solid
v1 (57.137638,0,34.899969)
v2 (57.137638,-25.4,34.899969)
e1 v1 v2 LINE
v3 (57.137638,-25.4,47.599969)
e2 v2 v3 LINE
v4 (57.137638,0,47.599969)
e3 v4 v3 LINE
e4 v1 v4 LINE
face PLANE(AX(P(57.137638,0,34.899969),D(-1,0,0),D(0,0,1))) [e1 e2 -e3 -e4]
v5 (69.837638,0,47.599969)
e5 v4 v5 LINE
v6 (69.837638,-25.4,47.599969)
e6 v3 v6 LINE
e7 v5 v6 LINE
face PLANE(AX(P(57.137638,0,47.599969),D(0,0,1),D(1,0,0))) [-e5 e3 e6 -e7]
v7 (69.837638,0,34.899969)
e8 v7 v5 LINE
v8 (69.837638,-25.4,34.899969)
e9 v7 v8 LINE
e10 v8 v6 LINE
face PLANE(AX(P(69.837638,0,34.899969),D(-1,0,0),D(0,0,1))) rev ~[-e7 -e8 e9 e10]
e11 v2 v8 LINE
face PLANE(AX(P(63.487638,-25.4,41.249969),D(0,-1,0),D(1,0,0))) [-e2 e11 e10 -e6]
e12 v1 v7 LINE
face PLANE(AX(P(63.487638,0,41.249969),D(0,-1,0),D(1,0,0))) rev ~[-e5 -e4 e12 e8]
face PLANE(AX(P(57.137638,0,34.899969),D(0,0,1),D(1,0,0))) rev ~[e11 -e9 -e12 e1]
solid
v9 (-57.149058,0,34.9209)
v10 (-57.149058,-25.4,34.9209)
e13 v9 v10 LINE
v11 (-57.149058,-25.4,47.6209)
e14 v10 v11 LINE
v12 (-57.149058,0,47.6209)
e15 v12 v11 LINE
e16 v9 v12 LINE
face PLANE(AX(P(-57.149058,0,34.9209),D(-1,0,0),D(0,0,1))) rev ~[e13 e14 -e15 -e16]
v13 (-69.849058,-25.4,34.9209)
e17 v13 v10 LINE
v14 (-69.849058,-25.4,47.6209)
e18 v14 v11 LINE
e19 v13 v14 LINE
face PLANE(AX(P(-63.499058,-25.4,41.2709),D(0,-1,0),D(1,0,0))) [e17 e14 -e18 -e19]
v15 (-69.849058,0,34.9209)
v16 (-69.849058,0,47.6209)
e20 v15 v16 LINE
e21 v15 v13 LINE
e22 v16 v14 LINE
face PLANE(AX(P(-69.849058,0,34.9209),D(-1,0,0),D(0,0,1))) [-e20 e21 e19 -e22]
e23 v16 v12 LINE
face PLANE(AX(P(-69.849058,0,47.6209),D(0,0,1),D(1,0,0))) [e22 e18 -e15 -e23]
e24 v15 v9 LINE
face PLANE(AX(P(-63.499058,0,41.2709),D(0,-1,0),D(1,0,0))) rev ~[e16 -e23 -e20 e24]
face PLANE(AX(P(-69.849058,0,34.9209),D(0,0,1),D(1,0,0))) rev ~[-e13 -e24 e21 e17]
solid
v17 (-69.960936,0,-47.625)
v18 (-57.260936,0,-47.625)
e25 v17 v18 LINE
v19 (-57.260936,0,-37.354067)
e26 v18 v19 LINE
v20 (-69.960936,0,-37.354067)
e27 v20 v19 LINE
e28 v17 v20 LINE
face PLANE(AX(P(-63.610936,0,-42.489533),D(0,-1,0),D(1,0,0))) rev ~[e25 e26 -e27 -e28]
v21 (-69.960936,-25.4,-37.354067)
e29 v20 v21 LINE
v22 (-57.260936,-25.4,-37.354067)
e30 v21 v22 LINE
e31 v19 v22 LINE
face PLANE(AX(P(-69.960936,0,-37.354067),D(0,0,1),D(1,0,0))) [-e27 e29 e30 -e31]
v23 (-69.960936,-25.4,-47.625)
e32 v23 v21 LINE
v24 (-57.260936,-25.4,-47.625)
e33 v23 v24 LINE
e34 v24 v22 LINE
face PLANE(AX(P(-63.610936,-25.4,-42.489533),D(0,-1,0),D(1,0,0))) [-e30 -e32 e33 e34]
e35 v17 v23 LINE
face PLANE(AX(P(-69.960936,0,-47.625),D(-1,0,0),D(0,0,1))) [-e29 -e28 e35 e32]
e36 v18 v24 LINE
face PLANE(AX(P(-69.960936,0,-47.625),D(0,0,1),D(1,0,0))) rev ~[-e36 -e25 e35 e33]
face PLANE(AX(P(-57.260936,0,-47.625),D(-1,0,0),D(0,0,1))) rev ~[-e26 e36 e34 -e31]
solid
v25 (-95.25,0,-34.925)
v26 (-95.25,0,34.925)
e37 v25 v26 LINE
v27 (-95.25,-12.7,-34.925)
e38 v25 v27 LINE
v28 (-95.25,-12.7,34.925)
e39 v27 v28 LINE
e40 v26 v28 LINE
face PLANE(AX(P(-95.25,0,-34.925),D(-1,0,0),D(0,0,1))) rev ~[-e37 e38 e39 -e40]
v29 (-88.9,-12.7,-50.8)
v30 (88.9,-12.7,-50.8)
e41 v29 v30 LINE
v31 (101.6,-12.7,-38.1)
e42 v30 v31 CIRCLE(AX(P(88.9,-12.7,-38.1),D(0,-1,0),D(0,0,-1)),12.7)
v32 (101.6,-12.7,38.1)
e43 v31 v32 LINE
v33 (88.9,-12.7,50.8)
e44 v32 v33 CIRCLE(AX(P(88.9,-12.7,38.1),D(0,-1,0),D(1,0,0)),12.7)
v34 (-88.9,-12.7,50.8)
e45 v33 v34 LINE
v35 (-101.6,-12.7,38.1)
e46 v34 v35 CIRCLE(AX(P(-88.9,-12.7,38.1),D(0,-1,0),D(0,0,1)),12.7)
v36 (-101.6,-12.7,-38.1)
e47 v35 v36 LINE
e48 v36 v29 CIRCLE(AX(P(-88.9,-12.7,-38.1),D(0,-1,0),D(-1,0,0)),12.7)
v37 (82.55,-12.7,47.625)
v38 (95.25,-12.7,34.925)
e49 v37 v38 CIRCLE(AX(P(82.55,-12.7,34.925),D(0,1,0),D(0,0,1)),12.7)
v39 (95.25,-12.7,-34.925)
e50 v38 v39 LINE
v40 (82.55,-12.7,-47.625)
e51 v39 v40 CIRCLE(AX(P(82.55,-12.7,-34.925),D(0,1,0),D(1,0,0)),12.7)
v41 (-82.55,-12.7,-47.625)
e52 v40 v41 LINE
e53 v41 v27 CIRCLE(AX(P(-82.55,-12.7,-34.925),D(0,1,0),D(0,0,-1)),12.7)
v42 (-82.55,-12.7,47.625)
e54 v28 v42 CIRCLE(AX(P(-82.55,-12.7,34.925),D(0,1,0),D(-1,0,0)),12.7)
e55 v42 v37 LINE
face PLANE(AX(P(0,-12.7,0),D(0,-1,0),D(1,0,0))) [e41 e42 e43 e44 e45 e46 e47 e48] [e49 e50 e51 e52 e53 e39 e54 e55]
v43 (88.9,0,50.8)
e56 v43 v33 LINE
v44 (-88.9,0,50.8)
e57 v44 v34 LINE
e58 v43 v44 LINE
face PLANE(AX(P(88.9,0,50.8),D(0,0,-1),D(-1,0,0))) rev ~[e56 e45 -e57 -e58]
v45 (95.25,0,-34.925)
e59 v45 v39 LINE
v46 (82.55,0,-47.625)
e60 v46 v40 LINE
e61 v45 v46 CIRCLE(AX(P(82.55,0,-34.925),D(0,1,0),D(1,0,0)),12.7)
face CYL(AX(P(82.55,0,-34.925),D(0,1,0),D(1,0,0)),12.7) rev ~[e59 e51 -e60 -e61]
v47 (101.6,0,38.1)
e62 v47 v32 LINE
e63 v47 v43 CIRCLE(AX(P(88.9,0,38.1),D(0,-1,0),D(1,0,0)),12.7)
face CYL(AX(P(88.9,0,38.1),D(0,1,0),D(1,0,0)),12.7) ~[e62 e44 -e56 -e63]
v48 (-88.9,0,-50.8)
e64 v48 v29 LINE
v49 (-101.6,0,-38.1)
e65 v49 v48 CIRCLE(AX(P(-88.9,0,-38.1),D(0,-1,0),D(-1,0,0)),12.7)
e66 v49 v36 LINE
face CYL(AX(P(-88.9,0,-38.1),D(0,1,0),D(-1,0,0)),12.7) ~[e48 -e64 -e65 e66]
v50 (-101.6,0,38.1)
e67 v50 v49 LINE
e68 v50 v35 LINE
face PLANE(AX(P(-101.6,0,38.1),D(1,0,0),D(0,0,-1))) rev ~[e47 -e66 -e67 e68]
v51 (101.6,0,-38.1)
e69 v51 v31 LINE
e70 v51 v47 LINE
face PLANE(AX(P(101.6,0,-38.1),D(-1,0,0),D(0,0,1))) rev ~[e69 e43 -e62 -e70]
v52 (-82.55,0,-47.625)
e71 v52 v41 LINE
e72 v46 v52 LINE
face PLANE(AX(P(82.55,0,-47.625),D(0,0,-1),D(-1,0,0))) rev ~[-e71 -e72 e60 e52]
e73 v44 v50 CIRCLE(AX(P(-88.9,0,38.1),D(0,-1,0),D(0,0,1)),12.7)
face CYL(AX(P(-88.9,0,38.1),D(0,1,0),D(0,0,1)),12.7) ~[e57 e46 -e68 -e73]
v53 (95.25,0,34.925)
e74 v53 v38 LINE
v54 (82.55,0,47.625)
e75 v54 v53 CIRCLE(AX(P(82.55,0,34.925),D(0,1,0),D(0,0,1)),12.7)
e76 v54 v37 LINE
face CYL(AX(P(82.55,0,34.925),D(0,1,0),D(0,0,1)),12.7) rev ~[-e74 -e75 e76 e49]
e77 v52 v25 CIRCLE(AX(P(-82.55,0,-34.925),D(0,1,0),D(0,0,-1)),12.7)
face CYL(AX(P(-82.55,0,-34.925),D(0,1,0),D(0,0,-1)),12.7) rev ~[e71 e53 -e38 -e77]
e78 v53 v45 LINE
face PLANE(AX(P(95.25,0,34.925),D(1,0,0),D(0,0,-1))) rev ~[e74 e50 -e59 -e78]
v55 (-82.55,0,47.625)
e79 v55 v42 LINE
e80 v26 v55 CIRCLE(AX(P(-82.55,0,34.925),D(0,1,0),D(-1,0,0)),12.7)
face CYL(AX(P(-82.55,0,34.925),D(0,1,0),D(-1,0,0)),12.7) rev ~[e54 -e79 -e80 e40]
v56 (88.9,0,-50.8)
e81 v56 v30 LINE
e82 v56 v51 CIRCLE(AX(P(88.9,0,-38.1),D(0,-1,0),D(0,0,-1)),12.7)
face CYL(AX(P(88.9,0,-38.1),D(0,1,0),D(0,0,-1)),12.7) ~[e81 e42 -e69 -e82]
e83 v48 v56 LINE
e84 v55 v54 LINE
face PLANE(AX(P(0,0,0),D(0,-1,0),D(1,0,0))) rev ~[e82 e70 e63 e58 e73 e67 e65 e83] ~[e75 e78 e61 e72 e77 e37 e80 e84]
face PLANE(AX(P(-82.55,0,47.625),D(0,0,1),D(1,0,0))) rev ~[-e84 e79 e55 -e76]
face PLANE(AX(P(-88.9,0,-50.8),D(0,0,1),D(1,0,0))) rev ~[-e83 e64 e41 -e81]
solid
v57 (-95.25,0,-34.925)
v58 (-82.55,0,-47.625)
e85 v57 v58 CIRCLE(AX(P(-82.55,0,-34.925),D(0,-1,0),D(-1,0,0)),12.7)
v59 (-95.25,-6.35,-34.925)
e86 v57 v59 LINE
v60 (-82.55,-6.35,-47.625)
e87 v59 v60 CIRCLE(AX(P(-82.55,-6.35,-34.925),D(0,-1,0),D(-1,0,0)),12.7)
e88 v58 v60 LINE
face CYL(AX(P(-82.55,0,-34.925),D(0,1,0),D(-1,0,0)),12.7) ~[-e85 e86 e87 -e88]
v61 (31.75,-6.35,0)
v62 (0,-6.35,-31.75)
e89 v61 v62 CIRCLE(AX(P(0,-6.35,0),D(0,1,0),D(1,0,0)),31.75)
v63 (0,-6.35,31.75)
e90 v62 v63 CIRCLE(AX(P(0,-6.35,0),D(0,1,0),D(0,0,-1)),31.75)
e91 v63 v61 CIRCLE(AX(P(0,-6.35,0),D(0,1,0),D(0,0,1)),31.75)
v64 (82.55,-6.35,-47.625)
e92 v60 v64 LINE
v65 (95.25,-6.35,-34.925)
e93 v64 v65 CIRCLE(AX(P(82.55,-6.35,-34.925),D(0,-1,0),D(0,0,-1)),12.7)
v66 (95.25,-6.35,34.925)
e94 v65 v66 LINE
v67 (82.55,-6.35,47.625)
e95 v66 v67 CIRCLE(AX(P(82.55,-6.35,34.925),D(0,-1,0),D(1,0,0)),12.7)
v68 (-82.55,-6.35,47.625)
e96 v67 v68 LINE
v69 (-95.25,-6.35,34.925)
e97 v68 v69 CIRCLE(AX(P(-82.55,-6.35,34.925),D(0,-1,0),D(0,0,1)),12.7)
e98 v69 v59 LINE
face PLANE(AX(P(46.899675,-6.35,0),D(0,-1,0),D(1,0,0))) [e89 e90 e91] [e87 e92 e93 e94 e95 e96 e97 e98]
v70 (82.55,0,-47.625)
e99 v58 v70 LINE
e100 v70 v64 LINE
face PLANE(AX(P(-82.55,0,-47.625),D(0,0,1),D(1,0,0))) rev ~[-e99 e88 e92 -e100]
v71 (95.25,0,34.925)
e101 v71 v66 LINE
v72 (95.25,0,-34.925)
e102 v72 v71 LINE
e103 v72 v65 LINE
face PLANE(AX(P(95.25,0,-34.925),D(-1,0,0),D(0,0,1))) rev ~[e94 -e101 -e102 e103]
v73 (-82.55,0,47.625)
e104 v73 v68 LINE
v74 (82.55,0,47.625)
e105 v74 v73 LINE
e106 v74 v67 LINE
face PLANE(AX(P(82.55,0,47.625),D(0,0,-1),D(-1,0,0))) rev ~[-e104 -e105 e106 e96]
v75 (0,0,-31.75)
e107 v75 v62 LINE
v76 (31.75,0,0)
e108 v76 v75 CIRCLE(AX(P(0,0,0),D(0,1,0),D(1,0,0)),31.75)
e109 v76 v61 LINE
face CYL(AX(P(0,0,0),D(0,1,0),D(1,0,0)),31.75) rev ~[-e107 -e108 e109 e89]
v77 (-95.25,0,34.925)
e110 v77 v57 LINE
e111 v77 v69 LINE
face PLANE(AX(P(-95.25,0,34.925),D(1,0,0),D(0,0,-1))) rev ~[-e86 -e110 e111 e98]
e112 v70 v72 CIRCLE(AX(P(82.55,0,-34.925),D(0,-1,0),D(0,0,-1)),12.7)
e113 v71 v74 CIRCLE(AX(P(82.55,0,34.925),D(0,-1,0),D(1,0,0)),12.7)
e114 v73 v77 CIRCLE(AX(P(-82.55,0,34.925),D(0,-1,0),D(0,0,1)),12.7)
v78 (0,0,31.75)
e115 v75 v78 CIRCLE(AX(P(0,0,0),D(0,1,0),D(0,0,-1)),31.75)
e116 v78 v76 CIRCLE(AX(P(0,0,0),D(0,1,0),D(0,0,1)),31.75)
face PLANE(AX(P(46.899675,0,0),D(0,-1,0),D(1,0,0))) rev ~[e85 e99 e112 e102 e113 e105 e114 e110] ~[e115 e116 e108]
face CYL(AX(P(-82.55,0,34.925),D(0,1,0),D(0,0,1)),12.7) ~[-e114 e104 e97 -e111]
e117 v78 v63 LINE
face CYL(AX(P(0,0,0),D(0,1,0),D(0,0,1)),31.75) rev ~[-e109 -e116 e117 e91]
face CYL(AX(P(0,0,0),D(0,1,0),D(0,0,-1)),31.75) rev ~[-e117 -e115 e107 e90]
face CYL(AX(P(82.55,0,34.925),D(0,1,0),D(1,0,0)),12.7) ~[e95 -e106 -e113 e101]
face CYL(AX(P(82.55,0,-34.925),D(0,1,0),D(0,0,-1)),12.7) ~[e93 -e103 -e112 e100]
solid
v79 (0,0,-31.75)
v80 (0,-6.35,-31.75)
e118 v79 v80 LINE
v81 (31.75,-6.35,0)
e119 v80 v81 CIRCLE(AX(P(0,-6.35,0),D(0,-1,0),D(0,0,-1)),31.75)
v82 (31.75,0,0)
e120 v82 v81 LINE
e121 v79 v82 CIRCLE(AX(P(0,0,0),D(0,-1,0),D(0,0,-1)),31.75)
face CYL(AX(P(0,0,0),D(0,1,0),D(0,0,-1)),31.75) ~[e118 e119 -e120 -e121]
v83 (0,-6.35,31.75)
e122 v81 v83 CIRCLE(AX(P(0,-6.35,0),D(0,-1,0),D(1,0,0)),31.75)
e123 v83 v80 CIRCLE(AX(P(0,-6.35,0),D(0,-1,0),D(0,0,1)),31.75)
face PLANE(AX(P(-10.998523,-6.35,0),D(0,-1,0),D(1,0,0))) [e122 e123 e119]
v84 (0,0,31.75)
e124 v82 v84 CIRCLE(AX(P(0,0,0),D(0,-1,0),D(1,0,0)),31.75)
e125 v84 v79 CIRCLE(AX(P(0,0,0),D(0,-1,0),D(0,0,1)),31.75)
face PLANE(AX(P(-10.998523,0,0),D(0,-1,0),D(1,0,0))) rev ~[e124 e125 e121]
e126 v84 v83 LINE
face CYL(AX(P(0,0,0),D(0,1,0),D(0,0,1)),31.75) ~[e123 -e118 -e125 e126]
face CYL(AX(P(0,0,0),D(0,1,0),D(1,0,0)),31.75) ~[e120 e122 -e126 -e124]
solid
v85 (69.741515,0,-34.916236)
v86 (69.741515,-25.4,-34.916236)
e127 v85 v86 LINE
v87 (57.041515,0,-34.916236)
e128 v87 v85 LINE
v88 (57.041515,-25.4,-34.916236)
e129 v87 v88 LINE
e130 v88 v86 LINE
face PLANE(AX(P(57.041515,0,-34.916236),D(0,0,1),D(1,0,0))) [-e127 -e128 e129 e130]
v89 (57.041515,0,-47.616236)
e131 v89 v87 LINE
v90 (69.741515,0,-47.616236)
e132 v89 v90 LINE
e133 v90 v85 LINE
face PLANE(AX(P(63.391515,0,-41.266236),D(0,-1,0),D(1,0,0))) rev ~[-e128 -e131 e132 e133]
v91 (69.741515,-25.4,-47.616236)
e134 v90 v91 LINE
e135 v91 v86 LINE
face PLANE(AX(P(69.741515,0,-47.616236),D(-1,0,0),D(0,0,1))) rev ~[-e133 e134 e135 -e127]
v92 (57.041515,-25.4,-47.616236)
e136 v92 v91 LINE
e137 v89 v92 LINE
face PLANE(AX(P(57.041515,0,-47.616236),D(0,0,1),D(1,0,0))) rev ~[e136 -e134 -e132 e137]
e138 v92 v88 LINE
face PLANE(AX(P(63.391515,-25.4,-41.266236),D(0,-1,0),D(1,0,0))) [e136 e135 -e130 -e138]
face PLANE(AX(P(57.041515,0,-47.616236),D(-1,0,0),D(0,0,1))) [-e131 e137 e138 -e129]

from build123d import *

# Parameters (mm, degrees)
F1_DEPTH = 6.35
F2_DEPTH = 12.7
F3_DEPTH = 6.35
F4_W     = 12.7
F4_H     = 10.270933032
F5_DEPTH = 25.4
F4_H_2   = 12.7


with BuildPart() as f1:
    # F0 (on Front) → F1 (new body)
    with BuildSketch(Plane.XZ):
        with BuildLine():
            Line((0, -47.625), (82.55, -47.625))
            ThreePointArc((82.55, -47.625), (91.5302561211, -43.9052561211), (95.25, -34.925))
            Line((95.25, -34.925), (95.25, 34.925))
            ThreePointArc((95.25, 34.925), (91.5302561211, 43.9052561211), (82.55, 47.625))
            Line((82.55, 47.625), (0, 47.625))
            Line((0, 47.625), (0, 31.75))
            ThreePointArc((0, 31.75), (22.4506403027, 22.4506403027), (31.75, 0))
            ThreePointArc((31.75, 0), (22.4506403027, -22.4506403027), (0, -31.75))
            Line((0, -31.75), (0, -47.625))
        make_face()
        with BuildLine():
            Line((-82.55, -47.625), (0, -47.625))
            Line((0, -47.625), (0, -31.75))
            ThreePointArc((0, -31.75), (-31.75, 0), (0, 31.75))
            Line((0, 31.75), (0, 47.625))
            Line((0, 47.625), (-82.55, 47.625))
            ThreePointArc((-82.55, 47.625), (-91.5302561211, 43.9052561211), (-95.25, 34.925))
            Line((-95.25, 34.925), (-95.25, -34.925))
            ThreePointArc((-95.25, -34.925), (-91.5302561211, -43.9052561211), (-82.55, -47.625))
        make_face()
    extrude(amount=F1_DEPTH)


with BuildPart() as f2:
    # F0 (on Front) → F2 (new body)
    with BuildSketch(Plane.XZ):
        with BuildLine():
            Line((-88.9, -50.8), (88.9, -50.8))
            ThreePointArc((88.9, -50.8), (97.8802561211, -47.0802561211), (101.6, -38.1))
            Line((101.6, -38.1), (101.6, 38.1))
            ThreePointArc((101.6, 38.1), (97.8802561211, 47.0802561211), (88.9, 50.8))
            Line((88.9, 50.8), (-88.9, 50.8))
            ThreePointArc((-88.9, 50.8), (-97.8802561211, 47.0802561211), (-101.6, 38.1))
            Line((-101.6, 38.1), (-101.6, -38.1))
            ThreePointArc((-101.6, -38.1), (-97.8802561211, -47.0802561211), (-88.9, -50.8))
        make_face()
        with BuildLine():
            ThreePointArc((95.25, -34.925), (91.5302561211, -43.9052561211), (82.55, -47.625))
            Line((82.55, -47.625), (0, -47.625))
            Line((0, -47.625), (-82.55, -47.625))
            ThreePointArc((-82.55, -47.625), (-91.5302561211, -43.9052561211), (-95.25, -34.925))
            Line((-95.25, -34.925), (-95.25, 34.925))
            ThreePointArc((-95.25, 34.925), (-91.5302561211, 43.9052561211), (-82.55, 47.625))
            Line((-82.55, 47.625), (0, 47.625))
            Line((0, 47.625), (82.55, 47.625))
            ThreePointArc((82.55, 47.625), (91.5302561211, 43.9052561211), (95.25, 34.925))
            Line((95.25, 34.925), (95.25, -34.925))
        make_face(mode=Mode.SUBTRACT)
    extrude(amount=F2_DEPTH)


with BuildPart() as f3:
    # F0 (on Front) → F3 (new body)
    with BuildSketch(Plane.XZ):
        with BuildLine():
            ThreePointArc((0, 31.75), (-31.75, 0), (0, -31.75))
            Line((0, -31.75), (0, 31.75))
        make_face()
        with BuildLine():
            Line((0, 31.75), (0, -31.75))
            ThreePointArc((0, -31.75), (22.4506403027, -22.4506403027), (31.75, 0))
            ThreePointArc((31.75, 0), (22.4506403027, 22.4506403027), (0, 31.75))
        make_face()
    extrude(amount=F3_DEPTH)


with BuildPart() as f5:
    # F4 (on face) → F5 (new body)
    with BuildSketch(Plane.XZ):
        with Locations((-63.6109358191, -42.489533484)):
            Rectangle(F4_W, F4_H)
    extrude(amount=F5_DEPTH)


with BuildPart() as f5b:
    # F4 (on face) → F5, piece 2 (new body)
    with BuildSketch(Plane.XZ):
        with Locations((63.4876383305, 41.2499686539)):
            Rectangle(F4_W, F4_H_2)
    extrude(amount=F5_DEPTH)


with BuildPart() as f5c:
    # F4 (on face) → F5, piece 3 (new body)
    with BuildSketch(Plane.XZ):
        with Locations((63.3915146649, -41.2662359118)):
            Rectangle(F4_W, F4_H_2)
    extrude(amount=F5_DEPTH)


with BuildPart() as f5d:
    # F4 (on face) → F5, piece 4 (new body)
    with BuildSketch(Plane.XZ):
        with Locations((-63.4990579009, 41.2708999753)):
            Rectangle(F4_W, F4_H_2)
    extrude(amount=F5_DEPTH)


solid = Compound([f1.part, f2.part, f3.part, f5.part, f5b.part, f5c.part, f5d.part])
